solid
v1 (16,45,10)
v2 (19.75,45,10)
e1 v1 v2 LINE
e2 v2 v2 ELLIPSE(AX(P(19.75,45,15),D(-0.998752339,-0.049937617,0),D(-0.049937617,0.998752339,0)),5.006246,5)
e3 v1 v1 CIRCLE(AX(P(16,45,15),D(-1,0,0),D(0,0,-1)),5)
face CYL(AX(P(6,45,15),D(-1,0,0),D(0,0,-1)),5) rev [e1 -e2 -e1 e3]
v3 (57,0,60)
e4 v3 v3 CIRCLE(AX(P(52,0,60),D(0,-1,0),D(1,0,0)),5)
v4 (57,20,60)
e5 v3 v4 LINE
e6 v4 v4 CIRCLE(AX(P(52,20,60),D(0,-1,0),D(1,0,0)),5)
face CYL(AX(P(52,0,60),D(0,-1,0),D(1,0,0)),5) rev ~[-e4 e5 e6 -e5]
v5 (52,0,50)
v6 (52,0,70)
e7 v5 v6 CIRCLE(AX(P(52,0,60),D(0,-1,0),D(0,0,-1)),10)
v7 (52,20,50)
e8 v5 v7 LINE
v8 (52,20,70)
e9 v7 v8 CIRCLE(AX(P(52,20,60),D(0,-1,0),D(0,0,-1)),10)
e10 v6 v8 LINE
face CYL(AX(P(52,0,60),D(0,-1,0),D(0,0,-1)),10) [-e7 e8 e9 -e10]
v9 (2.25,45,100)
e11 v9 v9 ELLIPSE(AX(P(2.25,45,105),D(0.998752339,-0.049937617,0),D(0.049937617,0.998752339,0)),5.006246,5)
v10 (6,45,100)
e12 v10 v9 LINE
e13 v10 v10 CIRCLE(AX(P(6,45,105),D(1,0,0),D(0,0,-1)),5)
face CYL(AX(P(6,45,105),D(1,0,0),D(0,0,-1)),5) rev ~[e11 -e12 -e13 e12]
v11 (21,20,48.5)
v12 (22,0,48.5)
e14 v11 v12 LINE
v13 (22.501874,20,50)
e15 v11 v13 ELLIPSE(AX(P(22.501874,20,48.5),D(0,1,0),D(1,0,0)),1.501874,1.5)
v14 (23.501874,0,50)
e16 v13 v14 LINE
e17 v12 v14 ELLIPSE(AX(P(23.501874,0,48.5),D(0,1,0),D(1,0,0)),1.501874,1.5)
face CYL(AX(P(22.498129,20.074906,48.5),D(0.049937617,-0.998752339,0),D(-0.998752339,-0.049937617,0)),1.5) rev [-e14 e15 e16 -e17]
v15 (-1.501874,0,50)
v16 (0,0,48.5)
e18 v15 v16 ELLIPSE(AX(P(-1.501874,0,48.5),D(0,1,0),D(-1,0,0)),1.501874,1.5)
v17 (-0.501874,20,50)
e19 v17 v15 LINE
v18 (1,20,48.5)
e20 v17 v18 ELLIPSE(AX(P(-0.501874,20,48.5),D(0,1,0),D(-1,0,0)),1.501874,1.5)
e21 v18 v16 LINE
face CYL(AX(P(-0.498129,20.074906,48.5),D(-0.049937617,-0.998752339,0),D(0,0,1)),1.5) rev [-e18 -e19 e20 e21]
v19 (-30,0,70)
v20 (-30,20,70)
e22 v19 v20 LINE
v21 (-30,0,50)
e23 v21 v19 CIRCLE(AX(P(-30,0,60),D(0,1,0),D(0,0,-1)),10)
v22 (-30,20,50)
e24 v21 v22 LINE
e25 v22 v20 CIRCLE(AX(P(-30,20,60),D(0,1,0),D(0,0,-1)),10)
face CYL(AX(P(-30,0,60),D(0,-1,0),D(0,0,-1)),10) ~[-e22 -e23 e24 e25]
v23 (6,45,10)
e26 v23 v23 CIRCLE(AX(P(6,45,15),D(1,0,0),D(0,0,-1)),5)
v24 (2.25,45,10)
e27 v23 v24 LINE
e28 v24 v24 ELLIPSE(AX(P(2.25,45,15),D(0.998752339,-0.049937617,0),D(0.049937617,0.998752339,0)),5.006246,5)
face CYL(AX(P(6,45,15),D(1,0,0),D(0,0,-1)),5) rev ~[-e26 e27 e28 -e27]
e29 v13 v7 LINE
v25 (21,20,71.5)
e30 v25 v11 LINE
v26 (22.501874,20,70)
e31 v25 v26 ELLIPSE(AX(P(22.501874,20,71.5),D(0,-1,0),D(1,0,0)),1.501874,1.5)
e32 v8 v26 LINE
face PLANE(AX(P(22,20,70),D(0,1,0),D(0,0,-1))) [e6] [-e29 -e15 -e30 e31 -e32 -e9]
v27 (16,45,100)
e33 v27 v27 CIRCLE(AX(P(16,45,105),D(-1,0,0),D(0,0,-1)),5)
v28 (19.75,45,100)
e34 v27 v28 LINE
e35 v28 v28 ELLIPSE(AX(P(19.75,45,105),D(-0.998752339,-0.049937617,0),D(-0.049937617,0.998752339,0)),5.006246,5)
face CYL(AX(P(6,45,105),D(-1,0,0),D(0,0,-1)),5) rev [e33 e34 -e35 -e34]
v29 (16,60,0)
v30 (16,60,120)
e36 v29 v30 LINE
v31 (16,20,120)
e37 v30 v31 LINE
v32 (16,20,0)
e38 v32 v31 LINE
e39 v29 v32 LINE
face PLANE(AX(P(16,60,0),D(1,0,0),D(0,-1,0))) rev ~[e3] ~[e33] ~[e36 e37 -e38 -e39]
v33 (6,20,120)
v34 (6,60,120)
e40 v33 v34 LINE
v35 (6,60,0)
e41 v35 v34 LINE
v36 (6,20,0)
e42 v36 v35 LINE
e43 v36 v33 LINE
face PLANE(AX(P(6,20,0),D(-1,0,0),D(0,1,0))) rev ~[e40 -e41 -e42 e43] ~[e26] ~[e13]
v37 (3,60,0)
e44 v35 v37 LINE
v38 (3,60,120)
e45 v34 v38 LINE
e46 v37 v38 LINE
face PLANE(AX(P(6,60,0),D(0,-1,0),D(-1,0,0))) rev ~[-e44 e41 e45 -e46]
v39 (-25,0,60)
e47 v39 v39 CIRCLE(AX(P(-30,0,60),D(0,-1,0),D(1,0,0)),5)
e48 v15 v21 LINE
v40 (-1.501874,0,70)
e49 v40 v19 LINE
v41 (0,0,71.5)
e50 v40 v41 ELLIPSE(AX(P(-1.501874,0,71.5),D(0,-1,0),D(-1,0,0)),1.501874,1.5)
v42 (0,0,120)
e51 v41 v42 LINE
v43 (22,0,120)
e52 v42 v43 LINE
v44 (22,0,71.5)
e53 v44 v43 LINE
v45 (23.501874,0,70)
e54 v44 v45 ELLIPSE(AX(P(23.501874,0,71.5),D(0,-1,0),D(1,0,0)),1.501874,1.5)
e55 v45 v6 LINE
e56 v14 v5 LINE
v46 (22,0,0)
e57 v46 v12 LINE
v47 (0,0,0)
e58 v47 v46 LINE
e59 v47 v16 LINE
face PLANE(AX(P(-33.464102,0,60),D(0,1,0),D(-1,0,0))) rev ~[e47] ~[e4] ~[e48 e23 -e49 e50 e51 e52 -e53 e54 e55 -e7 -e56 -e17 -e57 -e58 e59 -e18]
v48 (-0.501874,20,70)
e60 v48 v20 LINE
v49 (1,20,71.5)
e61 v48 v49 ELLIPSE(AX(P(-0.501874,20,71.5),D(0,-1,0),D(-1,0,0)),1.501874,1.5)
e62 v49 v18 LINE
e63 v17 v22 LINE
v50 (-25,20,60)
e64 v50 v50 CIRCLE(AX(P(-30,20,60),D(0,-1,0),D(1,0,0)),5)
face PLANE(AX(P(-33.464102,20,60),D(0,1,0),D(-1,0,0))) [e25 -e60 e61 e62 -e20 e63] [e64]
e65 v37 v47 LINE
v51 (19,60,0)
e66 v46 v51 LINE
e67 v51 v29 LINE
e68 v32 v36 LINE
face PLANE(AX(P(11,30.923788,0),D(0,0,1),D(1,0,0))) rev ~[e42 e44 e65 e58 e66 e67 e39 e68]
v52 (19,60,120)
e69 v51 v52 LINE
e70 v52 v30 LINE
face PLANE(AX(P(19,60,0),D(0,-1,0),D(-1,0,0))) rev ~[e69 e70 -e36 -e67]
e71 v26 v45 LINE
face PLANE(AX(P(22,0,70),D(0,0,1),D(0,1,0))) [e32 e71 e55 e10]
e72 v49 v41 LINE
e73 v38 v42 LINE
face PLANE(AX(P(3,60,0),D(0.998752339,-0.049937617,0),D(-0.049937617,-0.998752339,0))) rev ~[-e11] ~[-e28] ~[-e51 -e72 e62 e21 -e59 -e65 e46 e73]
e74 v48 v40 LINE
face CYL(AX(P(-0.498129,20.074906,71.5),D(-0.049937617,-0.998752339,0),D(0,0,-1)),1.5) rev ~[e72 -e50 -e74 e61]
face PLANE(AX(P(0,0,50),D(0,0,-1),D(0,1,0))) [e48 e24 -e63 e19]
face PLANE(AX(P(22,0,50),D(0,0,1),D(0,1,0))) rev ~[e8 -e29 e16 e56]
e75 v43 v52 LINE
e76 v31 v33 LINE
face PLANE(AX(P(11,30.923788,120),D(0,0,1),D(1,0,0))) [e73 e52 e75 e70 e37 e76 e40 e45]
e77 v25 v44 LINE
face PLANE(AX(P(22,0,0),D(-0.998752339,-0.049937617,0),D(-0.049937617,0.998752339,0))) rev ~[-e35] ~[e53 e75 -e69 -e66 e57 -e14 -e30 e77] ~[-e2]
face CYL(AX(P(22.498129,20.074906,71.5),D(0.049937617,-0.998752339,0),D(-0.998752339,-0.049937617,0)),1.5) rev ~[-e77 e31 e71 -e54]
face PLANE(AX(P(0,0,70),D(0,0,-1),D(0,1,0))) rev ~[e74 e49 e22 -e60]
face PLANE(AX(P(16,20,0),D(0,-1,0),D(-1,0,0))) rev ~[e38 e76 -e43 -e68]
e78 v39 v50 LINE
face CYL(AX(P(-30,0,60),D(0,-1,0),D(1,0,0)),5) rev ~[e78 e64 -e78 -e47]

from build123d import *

# Parameters (mm, degrees)
BOSS_EXTRUDE1_DEPTH      = 120
SKETCH10_W               = 20
SKETCH10_H               = 20
BOSS_EXTRUDE6_DEPTH      = 4
BOSS_EXTRUDE6_DEPTH_BACK = 30
SKETCH13_W               = 20
SKETCH13_H               = 20
BOSS_EXTRUDE8_DEPTH      = 30
BOSS_EXTRUDE8_DEPTH_BACK = 5
BOSS_EXTRUDE9_DEPTH      = 20
SKETCH15_R               = 5
CUT_EXTRUDE5_DEPTH       = 20
FILLET2_R                = 1.5
SKETCH16_R               = 5
CUT_EXTRUDE6_DEPTH       = 20
CUT_EXTRUDE6_DEPTH_BACK  = 20


with BuildPart() as part:
    # Sketch1 → Boss-Extrude1 (new body)
    with BuildSketch(Plane.XY):
        Polygon((0, 0), (22, 0), (19, 60), (16, 60), (16, 20), (6, 20), (6, 60), (3, 60), align=None)
    extrude(amount=BOSS_EXTRUDE1_DEPTH)

    # Sketch10 → Boss-Extrude6 (add, two sides)
    with BuildSketch(Plane(origin=(0, 0, 0), x_dir=(0, 0, -1), z_dir=(1, 0, 0))) as boss_extrude6_sk:
        with Locations((-60, 10)):
            Rectangle(SKETCH10_W, SKETCH10_H)
    extrude(amount=BOSS_EXTRUDE6_DEPTH)
    extrude(boss_extrude6_sk.sketch, amount=-BOSS_EXTRUDE6_DEPTH_BACK)

    # Sketch13 → Boss-Extrude8 (add, two sides)
    with BuildSketch(Plane(origin=(22, 0, 0), x_dir=(0, 0, -1), z_dir=(1, 0, 0))) as boss_extrude8_sk:
        with Locations((-60, 10)):
            Rectangle(SKETCH13_W, SKETCH13_H)
    extrude(amount=BOSS_EXTRUDE8_DEPTH)
    extrude(boss_extrude8_sk.sketch, amount=-BOSS_EXTRUDE8_DEPTH_BACK)

    # Sketch14 → Boss-Extrude9 (add)
    with BuildSketch(Plane.XZ):
        with BuildLine():
            Line((-30, 70), (-30, 50))
            ThreePointArc((-30, 50), (-40, 60), (-30, 70))
        make_face()
        with BuildLine():
            Line((52, 70), (52, 50))
            ThreePointArc((52, 50), (62, 60), (52, 70))
        make_face()
    extrude(amount=-BOSS_EXTRUDE9_DEPTH)

    # Sketch15 → Cut-Extrude5 (cut)
    with BuildSketch(Plane.XZ):
        with Locations((-30, 60)):
            Circle(SKETCH15_R)
        with Locations((52, 60)):
            Circle(SKETCH15_R)
    extrude(amount=-CUT_EXTRUDE5_DEPTH, mode=Mode.SUBTRACT)

    # Fillet2
    fillet2_edges = [part.edges().sort_by_distance(p)[0] for p in [
        (0.5, 10, 70),
        (0.5, 10, 50),
        (21.5, 10, 70),
        (21.5, 10, 50),
    ]]
    fillet(fillet2_edges, radius=FILLET2_R)

    # Sketch16 → Cut-Extrude6 (cut, two sides)
    with BuildSketch(Plane(origin=(6, 0, 0), x_dir=(0, 0, -1), z_dir=(1, 0, 0))) as cut_extrude6_sk:
        with Locations((-105, 45)):
            Circle(SKETCH16_R)
        with Locations((-15, 45)):
            Circle(SKETCH16_R)
    extrude(amount=CUT_EXTRUDE6_DEPTH, mode=Mode.SUBTRACT)
    extrude(cut_extrude6_sk.sketch, amount=-CUT_EXTRUDE6_DEPTH_BACK, mode=Mode.SUBTRACT)


solid = part.part
